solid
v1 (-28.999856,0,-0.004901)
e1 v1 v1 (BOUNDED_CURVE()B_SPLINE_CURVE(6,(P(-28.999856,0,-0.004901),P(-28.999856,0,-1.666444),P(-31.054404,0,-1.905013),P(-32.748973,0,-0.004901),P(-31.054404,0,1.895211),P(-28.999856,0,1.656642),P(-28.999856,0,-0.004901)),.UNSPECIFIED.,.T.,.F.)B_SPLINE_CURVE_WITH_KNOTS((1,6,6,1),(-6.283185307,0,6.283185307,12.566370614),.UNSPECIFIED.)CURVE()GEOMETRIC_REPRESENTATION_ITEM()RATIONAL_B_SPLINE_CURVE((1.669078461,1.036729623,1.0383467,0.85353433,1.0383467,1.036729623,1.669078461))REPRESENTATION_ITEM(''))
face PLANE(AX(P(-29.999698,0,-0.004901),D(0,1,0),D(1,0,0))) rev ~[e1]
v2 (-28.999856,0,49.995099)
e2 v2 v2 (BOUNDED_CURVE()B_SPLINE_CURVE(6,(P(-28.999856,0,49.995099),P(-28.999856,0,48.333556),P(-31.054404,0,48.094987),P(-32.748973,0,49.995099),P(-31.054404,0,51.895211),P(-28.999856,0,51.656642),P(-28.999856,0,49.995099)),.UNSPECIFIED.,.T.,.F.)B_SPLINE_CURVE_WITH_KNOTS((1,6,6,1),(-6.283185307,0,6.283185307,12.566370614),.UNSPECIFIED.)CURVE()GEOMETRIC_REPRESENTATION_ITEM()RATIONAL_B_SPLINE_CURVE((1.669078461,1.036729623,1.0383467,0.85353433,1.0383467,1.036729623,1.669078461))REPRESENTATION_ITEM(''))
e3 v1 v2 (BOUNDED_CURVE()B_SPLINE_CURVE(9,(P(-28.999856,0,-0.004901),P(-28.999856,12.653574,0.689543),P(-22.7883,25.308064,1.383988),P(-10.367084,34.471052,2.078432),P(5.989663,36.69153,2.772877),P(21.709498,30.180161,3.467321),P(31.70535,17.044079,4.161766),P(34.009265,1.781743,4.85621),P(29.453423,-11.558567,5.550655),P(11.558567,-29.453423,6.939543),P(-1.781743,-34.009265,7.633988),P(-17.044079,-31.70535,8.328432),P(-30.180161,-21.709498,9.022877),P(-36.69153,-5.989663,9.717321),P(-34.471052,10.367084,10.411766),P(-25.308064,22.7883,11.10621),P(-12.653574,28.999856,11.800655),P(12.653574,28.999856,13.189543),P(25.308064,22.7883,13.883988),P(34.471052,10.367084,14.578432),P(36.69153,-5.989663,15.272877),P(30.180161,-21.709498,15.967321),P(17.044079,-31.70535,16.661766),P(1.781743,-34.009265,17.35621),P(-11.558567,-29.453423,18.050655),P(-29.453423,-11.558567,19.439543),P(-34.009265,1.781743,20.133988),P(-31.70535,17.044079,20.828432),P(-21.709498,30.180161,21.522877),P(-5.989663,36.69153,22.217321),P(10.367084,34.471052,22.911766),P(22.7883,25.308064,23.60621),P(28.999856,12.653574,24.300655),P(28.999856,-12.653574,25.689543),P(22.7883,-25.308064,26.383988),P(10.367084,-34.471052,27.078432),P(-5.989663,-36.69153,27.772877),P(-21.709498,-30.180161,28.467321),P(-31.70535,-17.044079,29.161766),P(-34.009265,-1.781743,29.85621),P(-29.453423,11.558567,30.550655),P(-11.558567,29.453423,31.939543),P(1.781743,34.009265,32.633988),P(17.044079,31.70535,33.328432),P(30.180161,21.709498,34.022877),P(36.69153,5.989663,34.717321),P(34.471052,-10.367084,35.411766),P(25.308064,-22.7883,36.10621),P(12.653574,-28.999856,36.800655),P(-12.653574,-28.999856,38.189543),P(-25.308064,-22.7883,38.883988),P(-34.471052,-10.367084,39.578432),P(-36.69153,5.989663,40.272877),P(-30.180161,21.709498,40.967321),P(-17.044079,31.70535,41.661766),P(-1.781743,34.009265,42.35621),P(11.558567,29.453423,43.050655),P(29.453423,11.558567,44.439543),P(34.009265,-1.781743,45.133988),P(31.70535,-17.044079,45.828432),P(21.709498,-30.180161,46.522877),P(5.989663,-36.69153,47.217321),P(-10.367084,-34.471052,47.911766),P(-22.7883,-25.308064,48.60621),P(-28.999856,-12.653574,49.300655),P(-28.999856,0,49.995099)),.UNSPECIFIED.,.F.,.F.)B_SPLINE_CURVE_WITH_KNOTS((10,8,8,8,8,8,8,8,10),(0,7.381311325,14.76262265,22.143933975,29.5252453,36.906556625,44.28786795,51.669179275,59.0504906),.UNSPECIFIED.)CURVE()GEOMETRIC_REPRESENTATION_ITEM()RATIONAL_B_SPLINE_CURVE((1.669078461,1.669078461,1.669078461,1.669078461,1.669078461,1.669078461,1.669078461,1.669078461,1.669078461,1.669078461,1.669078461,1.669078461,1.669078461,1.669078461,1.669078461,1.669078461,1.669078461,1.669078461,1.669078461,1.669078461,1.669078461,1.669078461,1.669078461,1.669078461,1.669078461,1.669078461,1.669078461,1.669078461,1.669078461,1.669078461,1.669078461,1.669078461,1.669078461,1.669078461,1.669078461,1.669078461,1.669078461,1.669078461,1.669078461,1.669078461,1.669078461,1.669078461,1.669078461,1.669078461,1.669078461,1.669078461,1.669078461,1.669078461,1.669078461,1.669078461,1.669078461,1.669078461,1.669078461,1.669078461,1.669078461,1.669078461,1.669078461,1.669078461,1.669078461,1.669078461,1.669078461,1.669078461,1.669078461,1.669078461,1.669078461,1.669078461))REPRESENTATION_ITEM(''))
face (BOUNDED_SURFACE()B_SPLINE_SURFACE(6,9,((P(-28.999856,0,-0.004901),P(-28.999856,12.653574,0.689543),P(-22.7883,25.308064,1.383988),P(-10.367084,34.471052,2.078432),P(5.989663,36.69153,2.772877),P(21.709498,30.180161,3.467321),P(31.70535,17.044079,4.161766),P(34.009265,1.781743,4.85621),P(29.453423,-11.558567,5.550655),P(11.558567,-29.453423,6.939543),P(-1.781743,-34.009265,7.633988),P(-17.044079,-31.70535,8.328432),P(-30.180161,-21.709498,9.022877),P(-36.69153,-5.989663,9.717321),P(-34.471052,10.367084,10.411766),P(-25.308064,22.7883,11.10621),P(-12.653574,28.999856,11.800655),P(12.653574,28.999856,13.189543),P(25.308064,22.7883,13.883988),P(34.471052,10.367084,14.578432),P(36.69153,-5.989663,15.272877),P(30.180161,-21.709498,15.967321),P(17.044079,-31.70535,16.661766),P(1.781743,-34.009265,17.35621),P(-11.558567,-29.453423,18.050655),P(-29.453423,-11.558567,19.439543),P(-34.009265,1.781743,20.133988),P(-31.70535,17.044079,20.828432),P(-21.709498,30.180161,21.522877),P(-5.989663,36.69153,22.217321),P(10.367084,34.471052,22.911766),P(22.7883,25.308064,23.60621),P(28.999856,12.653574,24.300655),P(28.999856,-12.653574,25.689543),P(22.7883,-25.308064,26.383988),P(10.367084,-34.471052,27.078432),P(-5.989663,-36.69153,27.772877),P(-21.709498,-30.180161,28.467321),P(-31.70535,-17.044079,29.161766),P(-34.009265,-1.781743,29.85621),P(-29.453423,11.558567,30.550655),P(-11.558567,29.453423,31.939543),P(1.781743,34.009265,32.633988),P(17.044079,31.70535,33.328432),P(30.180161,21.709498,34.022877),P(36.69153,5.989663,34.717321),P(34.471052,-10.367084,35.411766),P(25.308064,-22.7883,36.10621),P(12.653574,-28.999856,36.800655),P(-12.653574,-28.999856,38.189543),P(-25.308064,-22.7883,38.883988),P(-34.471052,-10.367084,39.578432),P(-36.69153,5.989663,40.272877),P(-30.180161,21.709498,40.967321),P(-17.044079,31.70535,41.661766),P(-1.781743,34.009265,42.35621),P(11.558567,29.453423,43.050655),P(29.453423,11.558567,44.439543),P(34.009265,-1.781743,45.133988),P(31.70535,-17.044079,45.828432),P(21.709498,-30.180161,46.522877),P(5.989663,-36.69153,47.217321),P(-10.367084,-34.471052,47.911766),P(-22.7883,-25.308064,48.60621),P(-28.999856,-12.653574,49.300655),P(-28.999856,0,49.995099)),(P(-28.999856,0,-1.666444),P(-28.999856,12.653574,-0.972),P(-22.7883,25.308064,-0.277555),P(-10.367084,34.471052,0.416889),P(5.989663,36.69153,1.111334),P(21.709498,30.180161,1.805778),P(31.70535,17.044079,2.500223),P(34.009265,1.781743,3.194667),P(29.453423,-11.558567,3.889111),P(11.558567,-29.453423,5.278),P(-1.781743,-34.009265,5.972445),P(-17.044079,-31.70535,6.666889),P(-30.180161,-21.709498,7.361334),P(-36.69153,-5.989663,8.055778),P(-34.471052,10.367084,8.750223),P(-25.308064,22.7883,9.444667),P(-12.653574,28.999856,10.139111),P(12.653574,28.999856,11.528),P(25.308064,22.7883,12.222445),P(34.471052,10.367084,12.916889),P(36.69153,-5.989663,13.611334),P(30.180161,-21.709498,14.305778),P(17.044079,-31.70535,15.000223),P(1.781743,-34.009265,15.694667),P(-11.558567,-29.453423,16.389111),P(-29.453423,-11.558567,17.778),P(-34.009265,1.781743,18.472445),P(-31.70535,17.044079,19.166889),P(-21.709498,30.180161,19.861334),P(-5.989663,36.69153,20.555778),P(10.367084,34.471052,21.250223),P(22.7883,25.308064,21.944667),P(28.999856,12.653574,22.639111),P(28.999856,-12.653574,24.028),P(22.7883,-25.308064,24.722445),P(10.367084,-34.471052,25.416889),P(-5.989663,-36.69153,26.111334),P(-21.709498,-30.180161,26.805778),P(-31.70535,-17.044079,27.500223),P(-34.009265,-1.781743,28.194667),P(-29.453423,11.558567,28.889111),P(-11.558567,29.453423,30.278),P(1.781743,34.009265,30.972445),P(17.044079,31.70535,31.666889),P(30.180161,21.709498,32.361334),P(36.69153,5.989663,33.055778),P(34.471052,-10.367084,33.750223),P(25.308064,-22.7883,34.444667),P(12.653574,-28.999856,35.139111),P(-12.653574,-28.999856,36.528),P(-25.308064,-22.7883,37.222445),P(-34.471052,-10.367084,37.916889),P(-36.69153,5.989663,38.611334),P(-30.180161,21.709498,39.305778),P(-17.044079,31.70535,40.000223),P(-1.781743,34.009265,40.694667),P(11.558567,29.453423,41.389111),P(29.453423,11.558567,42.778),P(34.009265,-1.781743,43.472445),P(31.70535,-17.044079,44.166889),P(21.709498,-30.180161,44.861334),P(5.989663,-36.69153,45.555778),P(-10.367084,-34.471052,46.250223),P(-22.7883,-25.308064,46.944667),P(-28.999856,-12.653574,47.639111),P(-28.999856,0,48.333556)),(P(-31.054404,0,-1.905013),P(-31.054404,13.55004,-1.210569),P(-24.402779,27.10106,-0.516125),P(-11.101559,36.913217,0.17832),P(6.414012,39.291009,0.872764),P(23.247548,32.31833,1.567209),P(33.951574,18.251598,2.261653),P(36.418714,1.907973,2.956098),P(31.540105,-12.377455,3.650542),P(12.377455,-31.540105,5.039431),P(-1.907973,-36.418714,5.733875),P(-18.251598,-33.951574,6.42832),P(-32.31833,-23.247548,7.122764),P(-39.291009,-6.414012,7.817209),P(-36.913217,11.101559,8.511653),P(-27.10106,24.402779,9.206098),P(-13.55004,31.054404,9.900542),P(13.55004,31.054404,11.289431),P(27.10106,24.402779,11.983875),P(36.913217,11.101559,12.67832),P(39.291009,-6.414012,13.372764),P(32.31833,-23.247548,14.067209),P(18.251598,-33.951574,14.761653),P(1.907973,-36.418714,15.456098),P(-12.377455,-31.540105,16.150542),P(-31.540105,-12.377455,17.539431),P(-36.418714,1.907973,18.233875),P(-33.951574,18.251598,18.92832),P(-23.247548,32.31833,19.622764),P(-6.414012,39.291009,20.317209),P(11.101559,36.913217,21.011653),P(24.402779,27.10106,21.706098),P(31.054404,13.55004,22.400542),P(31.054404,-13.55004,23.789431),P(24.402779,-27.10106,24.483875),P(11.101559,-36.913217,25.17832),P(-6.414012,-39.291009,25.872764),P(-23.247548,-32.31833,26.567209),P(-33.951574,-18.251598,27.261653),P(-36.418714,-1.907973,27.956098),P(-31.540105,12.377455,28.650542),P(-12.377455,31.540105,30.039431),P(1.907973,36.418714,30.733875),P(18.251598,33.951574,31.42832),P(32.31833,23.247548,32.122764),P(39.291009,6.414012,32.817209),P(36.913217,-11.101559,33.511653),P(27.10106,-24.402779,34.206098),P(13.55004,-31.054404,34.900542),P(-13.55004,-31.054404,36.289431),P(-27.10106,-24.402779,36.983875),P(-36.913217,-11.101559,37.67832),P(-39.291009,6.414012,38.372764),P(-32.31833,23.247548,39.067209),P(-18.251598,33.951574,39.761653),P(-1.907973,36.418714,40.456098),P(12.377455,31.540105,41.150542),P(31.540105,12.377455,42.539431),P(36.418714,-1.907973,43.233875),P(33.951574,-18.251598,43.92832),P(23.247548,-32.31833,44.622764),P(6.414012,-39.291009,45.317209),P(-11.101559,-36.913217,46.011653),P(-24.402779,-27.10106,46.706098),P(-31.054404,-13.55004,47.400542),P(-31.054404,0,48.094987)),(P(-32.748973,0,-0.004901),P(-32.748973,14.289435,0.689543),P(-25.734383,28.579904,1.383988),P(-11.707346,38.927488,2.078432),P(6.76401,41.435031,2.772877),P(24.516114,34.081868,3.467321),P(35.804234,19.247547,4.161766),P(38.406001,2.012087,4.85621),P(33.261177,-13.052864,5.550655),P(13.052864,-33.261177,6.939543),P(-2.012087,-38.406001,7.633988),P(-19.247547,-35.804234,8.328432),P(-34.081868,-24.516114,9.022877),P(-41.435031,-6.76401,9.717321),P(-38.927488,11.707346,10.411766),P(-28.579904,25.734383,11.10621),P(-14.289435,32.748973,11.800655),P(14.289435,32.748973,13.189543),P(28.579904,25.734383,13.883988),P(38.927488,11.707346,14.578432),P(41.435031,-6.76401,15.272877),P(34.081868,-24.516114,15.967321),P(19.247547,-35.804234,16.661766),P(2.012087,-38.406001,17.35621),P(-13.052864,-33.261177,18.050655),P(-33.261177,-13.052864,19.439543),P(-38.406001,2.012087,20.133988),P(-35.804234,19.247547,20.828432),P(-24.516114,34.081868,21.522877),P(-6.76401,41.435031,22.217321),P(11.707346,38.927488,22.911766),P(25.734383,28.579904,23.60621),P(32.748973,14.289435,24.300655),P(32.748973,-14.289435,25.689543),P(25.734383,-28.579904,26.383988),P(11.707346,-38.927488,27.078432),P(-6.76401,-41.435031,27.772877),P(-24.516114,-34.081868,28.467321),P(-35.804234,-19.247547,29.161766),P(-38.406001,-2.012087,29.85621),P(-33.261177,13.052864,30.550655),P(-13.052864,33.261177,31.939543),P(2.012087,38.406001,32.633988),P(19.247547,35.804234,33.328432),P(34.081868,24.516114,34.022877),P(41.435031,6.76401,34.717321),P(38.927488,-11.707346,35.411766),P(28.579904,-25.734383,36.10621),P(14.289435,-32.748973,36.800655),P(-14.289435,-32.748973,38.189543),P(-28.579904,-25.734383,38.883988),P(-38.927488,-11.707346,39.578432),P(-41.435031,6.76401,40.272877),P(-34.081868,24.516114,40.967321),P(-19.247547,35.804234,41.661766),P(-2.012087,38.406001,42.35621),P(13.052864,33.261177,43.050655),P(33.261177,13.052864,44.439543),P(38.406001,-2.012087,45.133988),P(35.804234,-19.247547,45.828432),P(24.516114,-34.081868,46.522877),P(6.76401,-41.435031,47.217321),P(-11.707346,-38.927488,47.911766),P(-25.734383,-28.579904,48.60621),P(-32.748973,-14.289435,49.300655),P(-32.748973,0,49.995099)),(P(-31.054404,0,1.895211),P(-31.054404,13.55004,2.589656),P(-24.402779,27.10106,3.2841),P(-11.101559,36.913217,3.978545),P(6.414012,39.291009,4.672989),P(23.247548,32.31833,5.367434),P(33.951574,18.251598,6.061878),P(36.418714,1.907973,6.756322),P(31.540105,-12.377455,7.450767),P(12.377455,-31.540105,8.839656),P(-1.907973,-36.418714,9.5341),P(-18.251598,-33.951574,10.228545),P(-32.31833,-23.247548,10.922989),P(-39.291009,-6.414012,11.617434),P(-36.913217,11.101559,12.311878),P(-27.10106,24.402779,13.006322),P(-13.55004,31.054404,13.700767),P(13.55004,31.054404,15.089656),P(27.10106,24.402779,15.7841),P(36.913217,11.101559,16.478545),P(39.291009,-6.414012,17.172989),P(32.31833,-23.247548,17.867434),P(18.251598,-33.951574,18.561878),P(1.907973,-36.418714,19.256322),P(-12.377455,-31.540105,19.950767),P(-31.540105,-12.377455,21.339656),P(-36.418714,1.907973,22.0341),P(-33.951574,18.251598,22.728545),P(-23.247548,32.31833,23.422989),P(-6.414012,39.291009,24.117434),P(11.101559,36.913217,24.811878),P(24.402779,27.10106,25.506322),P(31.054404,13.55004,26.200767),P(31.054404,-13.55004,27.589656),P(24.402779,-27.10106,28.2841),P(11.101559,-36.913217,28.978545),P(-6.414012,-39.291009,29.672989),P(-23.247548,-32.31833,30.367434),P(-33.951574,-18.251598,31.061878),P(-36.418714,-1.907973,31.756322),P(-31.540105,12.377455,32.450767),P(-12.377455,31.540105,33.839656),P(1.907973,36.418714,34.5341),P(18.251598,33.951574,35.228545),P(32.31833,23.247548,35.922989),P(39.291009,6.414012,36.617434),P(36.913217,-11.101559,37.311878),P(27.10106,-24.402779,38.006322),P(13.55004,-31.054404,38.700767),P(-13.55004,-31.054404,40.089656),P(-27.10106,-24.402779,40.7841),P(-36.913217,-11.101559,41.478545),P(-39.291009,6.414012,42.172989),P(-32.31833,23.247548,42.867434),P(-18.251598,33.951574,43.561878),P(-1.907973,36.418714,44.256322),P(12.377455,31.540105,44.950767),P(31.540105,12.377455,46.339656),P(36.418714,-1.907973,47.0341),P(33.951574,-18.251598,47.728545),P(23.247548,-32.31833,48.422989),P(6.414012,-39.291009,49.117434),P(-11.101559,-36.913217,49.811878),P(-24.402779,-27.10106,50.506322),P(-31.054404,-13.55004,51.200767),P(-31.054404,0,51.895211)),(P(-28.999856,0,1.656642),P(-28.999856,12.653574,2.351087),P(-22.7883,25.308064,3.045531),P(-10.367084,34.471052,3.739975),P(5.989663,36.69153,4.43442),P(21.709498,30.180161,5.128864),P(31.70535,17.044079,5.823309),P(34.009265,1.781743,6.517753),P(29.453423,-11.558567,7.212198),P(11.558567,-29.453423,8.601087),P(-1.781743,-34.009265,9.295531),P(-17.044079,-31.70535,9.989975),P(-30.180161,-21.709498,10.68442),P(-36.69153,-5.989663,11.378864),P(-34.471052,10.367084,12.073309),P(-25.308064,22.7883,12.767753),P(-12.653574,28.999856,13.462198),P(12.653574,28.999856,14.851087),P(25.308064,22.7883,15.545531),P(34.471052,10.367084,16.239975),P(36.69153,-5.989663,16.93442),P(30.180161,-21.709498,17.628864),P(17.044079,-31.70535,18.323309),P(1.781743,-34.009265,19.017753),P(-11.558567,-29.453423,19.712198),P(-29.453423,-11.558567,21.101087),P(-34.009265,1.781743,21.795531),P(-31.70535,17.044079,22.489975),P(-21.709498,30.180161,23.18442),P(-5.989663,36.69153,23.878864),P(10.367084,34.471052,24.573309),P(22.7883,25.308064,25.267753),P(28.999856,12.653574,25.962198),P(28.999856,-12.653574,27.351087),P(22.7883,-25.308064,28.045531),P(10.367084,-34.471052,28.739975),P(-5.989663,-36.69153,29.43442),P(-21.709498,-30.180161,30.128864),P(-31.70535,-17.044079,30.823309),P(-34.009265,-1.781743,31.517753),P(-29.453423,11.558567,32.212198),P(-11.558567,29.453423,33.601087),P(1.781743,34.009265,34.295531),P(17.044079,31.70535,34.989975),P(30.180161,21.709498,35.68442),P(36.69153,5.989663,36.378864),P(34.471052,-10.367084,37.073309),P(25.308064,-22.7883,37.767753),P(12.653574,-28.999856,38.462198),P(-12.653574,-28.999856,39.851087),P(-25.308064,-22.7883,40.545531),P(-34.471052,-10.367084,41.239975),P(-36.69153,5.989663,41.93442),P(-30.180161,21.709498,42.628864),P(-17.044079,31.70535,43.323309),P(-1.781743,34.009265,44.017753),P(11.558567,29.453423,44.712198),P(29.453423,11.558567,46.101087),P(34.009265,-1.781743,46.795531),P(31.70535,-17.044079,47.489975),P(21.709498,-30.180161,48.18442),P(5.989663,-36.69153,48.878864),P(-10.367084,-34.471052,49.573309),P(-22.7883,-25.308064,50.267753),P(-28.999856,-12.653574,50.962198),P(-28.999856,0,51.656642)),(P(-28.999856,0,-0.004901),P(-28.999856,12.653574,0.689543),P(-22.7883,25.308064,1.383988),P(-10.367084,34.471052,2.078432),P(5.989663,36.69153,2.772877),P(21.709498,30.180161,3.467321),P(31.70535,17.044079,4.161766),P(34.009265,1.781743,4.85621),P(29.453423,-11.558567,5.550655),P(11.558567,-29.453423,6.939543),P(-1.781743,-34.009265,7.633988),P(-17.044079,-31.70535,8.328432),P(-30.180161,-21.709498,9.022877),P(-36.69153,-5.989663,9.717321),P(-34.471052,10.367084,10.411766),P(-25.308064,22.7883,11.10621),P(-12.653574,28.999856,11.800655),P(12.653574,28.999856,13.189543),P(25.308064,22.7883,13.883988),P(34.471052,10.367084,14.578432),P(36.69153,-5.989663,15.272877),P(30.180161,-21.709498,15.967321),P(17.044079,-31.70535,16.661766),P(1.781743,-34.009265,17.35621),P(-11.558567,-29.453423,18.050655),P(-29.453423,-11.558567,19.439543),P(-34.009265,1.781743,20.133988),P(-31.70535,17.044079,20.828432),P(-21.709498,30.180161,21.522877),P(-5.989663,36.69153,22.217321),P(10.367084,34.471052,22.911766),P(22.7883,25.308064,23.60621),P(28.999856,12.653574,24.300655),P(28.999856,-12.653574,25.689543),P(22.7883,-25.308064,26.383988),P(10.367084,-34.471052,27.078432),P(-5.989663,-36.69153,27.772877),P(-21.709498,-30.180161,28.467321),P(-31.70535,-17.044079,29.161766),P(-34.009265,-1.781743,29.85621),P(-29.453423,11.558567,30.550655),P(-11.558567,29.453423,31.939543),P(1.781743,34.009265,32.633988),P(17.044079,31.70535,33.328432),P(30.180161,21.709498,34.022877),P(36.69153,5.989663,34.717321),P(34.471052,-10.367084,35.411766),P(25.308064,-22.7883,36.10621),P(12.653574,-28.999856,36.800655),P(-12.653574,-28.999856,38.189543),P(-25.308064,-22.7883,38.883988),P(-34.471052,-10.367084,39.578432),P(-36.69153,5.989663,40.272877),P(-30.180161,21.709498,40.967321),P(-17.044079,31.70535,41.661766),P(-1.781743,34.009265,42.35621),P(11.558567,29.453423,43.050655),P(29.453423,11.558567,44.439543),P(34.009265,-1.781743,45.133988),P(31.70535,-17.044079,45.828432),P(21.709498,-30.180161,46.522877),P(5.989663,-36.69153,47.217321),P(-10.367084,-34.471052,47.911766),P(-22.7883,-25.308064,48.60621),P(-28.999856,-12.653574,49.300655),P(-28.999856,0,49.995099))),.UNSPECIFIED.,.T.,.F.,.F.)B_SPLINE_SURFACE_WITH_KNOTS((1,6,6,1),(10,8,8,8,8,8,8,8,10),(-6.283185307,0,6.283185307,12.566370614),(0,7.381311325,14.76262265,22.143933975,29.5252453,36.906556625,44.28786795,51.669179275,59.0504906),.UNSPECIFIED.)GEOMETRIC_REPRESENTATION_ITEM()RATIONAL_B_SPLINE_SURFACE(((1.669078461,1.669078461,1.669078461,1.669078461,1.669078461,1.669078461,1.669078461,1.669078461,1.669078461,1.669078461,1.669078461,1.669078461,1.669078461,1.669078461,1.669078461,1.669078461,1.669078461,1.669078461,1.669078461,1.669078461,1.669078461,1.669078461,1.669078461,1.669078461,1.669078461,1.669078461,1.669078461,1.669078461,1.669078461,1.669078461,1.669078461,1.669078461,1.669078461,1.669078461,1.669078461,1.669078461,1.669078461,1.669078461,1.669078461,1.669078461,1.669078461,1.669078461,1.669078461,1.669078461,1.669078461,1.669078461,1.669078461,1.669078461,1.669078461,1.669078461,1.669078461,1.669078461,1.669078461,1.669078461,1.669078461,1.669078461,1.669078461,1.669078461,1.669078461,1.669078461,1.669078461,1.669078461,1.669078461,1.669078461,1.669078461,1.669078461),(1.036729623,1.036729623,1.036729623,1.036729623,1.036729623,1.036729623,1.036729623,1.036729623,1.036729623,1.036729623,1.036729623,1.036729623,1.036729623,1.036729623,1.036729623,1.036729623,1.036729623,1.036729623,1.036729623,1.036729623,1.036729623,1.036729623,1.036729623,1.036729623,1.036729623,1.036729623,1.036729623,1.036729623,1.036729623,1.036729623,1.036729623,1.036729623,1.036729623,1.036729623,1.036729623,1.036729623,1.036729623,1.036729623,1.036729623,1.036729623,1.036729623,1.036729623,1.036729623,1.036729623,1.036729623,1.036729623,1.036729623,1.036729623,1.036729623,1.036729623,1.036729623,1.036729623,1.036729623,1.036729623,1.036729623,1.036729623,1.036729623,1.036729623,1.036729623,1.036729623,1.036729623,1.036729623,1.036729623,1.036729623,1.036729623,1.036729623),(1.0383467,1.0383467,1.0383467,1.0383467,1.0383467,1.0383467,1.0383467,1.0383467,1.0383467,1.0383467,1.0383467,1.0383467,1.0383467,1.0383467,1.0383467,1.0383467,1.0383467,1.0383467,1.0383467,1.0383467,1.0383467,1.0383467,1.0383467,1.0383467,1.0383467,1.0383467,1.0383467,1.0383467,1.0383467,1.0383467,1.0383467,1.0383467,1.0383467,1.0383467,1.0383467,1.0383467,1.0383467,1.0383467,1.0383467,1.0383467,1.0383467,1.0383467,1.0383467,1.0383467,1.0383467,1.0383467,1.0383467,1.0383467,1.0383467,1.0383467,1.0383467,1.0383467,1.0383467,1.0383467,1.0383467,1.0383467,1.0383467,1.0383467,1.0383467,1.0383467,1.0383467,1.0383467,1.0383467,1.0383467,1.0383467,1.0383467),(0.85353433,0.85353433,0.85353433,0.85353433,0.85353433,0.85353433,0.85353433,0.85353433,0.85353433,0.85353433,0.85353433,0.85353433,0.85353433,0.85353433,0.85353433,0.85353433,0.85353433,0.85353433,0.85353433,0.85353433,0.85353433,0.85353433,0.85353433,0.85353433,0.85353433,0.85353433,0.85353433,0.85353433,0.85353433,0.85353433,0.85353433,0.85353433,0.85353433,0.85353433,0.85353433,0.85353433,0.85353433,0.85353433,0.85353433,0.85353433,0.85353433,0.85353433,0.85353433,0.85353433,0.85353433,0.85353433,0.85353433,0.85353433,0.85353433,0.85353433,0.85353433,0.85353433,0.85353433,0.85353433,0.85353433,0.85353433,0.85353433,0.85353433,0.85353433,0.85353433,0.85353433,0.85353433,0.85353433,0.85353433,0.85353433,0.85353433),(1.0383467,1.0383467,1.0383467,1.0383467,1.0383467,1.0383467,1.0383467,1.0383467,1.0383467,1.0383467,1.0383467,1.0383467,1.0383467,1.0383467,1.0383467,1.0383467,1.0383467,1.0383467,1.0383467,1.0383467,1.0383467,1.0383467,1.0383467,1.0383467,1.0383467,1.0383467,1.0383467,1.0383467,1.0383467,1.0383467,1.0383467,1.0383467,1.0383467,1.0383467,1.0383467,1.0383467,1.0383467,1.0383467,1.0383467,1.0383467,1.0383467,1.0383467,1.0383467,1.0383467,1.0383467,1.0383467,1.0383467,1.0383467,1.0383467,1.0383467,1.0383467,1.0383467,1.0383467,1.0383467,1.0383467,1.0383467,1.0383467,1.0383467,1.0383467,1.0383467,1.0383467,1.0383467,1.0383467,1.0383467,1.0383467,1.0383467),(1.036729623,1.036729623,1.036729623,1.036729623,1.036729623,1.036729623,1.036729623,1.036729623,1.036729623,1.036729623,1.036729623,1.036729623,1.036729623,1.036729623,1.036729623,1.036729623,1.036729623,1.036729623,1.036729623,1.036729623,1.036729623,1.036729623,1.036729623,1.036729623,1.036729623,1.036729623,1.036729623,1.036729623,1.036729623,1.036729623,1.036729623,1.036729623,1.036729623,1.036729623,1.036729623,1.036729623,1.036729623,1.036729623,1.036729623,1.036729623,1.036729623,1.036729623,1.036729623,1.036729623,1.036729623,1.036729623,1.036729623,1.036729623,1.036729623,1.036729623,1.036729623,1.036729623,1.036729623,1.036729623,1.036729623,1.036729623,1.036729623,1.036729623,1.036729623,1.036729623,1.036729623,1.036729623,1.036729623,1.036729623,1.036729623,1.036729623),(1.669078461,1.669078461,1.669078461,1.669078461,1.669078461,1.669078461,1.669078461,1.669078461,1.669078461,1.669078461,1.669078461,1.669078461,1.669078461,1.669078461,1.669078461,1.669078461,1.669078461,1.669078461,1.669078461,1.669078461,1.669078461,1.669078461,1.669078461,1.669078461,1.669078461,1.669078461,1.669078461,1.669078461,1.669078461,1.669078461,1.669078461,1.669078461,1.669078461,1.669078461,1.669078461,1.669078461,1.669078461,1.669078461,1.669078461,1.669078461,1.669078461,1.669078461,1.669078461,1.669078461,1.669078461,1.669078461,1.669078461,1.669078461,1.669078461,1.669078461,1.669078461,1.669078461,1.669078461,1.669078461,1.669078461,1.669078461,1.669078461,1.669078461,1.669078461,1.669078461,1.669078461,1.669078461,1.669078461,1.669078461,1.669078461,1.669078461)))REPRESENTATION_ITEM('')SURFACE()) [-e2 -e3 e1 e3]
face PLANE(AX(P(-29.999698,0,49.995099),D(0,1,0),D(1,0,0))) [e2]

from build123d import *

# Parameters (mm, degrees)
VARREDURA1_PITCH       = 10
VARREDURA1_HEIGHT      = 50
VARREDURA1_RADIUS      = 30
VARREDURA1_START_ANGLE = -180
ESBO_O3_R              = 1


with BuildPart() as part:
    # Varredura1: sweep along a helix
    with BuildLine() as varredura1_path:
        add(Helix(VARREDURA1_PITCH, VARREDURA1_HEIGHT, VARREDURA1_RADIUS, center=(0, 0, 0), direction=(0, 0, 1), lefthand=True, mode=Mode.PRIVATE).rotate(Axis((0, 0, 0), (0, 0, 1)), VARREDURA1_START_ANGLE))
    # Esboço3 → Varredura1 (sweep)
    with BuildSketch(Plane(origin=(0, 0, 0), x_dir=(1, 0, 0), z_dir=(0, 1, 0))):
        with Locations((-29.99985619, -49.995098985)):
            Circle(ESBO_O3_R)
    sweep(path=varredura1_path.line, is_frenet=True)


solid = part.part
